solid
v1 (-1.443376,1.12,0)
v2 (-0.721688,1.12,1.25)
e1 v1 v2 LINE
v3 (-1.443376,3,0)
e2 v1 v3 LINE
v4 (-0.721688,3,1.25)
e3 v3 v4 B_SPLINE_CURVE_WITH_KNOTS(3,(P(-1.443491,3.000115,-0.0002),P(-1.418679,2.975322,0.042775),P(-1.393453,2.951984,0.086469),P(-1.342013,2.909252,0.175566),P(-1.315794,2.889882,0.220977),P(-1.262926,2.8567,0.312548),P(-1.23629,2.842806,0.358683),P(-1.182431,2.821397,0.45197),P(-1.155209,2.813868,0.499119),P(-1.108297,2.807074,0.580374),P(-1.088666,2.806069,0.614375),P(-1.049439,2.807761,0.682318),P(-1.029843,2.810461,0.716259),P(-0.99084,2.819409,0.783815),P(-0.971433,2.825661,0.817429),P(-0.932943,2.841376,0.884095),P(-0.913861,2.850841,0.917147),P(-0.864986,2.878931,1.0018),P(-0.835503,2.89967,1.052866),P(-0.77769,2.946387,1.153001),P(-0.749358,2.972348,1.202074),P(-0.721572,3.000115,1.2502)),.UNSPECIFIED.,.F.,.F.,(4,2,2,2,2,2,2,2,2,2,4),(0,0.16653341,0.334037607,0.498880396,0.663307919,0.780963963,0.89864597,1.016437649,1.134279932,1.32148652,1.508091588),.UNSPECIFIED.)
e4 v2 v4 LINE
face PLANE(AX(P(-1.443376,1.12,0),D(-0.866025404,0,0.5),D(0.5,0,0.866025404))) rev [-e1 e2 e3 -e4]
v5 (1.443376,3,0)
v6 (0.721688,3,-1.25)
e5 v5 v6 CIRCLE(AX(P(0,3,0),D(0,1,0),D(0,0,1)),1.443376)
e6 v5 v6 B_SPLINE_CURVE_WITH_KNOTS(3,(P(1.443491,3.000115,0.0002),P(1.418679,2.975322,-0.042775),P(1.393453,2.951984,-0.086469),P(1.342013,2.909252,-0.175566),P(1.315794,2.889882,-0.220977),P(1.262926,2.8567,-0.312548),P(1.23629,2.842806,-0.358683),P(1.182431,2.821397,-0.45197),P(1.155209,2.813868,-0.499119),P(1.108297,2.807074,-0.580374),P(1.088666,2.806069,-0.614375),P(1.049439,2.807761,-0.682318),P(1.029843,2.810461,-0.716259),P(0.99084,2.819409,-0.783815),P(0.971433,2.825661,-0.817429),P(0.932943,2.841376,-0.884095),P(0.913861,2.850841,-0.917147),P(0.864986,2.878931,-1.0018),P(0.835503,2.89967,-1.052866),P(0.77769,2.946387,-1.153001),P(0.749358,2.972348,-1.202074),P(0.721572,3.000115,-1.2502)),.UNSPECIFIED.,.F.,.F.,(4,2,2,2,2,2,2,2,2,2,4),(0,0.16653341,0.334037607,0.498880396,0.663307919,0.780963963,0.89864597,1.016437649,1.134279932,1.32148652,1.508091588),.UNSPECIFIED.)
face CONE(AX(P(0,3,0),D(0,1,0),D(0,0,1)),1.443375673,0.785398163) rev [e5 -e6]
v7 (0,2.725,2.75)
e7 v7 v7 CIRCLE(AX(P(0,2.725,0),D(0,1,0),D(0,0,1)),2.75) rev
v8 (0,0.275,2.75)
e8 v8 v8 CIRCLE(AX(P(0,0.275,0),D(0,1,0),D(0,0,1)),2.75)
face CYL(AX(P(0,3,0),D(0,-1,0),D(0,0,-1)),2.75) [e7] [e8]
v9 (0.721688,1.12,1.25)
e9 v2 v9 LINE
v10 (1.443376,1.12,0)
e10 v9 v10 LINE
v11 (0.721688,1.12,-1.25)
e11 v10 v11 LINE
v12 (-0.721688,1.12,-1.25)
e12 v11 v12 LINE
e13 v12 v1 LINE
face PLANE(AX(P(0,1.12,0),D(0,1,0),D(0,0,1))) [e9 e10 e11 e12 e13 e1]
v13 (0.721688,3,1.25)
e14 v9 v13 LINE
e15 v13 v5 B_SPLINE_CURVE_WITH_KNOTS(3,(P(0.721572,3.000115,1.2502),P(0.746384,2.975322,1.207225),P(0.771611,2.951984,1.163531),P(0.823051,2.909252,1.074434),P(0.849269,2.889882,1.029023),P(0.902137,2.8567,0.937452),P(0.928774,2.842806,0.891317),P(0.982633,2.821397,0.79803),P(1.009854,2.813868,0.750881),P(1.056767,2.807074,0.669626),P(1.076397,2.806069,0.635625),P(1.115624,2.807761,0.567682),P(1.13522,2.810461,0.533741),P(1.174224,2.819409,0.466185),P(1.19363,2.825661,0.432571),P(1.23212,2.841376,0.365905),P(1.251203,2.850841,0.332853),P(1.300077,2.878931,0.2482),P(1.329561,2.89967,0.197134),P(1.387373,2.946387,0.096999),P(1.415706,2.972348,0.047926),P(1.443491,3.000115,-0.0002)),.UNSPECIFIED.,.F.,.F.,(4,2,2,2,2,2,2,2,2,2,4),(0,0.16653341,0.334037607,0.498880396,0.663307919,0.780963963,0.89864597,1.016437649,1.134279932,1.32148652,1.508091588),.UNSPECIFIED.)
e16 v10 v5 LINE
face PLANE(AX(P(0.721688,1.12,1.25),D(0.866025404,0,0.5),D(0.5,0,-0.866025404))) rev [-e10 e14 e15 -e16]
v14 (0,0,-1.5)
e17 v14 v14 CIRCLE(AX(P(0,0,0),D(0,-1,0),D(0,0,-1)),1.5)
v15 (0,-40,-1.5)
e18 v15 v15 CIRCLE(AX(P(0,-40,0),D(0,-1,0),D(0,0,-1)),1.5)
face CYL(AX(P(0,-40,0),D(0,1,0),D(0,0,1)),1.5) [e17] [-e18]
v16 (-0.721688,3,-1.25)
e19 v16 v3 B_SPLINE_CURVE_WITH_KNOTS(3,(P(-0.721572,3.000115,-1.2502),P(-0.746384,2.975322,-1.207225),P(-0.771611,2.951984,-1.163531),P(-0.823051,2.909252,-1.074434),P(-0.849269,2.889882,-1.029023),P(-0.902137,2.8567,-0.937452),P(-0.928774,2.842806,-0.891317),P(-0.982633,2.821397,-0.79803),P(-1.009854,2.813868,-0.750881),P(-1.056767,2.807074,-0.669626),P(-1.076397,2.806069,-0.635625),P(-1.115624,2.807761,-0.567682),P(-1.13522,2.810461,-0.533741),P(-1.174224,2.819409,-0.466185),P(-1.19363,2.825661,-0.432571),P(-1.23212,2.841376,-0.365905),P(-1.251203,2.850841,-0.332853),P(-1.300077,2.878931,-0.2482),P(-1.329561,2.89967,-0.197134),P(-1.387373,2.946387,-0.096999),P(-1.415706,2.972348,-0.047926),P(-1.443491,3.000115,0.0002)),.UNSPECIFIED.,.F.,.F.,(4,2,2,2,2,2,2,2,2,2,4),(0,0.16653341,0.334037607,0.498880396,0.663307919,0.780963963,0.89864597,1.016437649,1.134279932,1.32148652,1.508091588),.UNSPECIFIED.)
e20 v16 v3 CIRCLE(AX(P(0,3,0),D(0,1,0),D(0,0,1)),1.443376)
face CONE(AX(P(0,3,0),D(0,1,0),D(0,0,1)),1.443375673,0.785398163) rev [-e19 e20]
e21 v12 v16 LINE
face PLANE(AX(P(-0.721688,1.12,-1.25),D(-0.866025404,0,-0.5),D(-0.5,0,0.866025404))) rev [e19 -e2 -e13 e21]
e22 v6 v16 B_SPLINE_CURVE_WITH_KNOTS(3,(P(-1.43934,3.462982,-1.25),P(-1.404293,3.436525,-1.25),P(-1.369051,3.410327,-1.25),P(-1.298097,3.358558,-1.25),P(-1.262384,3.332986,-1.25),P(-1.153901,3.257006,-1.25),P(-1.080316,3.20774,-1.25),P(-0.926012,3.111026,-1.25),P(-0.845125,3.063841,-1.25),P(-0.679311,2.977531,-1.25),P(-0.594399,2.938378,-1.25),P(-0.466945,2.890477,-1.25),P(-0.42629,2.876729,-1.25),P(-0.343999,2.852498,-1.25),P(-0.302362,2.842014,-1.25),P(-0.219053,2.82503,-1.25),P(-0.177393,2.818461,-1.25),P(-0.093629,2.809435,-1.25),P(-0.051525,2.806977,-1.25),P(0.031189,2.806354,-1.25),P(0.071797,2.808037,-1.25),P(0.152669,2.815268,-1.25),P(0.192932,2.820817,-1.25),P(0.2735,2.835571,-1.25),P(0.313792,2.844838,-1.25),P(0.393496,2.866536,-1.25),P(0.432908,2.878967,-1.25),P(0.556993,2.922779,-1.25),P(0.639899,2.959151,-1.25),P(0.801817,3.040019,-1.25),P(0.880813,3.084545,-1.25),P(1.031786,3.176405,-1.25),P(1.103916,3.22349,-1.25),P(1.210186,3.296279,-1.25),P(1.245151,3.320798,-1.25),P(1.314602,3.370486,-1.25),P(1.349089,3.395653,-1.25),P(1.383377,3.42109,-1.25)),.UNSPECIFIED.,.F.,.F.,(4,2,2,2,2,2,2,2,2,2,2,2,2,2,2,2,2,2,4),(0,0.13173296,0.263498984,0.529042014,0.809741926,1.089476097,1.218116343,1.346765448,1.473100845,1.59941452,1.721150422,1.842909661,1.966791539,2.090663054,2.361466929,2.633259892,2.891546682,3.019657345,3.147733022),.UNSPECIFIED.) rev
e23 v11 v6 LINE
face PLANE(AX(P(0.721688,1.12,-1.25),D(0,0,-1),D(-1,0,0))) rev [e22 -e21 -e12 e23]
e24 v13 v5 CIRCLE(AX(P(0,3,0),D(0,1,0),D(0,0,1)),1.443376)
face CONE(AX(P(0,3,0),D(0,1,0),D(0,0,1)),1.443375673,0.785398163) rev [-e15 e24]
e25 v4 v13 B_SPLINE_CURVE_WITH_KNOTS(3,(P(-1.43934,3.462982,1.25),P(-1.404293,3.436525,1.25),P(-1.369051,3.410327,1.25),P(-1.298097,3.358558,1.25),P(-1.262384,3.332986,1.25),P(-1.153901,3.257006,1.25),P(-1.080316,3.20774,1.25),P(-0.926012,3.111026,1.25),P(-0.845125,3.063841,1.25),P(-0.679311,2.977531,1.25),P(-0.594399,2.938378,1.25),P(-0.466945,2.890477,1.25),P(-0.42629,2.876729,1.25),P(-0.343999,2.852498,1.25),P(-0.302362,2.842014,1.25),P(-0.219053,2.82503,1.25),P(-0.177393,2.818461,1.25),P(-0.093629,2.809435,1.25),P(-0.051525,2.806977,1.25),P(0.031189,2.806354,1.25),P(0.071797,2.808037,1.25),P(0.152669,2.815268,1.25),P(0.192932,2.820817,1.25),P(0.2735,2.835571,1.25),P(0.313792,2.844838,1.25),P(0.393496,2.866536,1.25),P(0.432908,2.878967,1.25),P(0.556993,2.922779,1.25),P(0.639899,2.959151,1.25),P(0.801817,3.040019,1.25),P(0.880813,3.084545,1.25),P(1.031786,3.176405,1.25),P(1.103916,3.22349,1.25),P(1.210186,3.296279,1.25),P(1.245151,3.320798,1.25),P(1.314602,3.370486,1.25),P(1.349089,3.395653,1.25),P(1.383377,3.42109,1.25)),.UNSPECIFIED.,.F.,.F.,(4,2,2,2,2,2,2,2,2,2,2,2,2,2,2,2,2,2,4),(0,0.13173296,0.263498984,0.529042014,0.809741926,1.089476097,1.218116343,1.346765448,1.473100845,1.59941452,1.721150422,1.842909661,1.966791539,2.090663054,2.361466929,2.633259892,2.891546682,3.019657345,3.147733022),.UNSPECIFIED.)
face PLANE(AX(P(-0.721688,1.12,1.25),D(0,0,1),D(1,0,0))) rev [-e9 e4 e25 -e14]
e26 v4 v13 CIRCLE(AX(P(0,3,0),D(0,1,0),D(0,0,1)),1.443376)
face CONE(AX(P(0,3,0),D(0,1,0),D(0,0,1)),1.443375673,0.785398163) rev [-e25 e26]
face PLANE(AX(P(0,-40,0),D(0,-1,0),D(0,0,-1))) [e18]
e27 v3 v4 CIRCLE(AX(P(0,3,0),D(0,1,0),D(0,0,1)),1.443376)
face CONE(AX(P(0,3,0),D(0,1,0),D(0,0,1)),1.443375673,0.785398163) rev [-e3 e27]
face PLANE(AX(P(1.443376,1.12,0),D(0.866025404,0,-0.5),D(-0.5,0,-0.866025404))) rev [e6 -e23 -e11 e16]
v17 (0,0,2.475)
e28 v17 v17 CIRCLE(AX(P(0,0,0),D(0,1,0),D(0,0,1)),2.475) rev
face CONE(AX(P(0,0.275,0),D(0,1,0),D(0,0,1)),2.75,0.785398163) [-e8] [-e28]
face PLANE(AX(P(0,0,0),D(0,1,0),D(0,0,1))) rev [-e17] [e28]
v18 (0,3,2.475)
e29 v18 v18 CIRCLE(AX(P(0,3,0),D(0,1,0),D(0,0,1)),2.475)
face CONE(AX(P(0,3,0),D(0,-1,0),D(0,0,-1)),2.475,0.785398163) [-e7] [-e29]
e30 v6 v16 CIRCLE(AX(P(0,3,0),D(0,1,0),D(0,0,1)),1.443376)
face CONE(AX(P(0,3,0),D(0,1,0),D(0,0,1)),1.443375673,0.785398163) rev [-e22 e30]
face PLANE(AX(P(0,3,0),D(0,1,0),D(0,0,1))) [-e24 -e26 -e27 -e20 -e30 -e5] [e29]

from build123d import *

# Parameters (mm, degrees)
SKETCH1_R           = 2.75
BOSS_EXTRUDE1_DEPTH = 3
CUT_EXTRUDE1_DEPTH  = 1.88
CHAMFER1_SIZE       = 0.275
SKETCH_1_R          = 1.5
EXTRUDE_1_DEPTH     = 40


with BuildPart() as part:
    # Sketch1 → Boss-Extrude1 (new body)
    with BuildSketch(Plane(origin=(0, 0, 0), x_dir=(1, 0, 0), z_dir=(0, 1, 0))):
        with Locations(Location((0, 0, 0), (0, 0, 270))):
            Circle(SKETCH1_R)
    extrude(amount=BOSS_EXTRUDE1_DEPTH)

    # Sketch2 → Cut-Extrude1 (cut)
    with BuildSketch(Plane(origin=(0, 3, 0), x_dir=(1, 0, 0), z_dir=(0, 1, 0))):
        Polygon((0.721687836, 1.25), (-0.721687836, 1.25), (-1.443375673, 0), (-0.721687836, -1.25), (0.721687836, -1.25), (1.443375673, 0), align=None)
    extrude(amount=-CUT_EXTRUDE1_DEPTH, mode=Mode.SUBTRACT)

    # Cut-Extrude2 cone 1 section (through the dimple's axis) → Cut-Extrude2 (revolve, cut)
    with BuildSketch(Plane(origin=(0, 3, 0), x_dir=(0, 0, 1), z_dir=(1, 0, 0))):
        Polygon((0, 0), (1.443375673, 0), (0, 1.443375673), align=None)
    revolve(axis=Axis((0, 3, 0), (0, -1, 0)), mode=Mode.SUBTRACT)

    # Chamfer1
    chamfer1_edges = [part.edges().sort_by_distance(p)[0] for p in [
        (0, 0, -2.75),
        (0, 3, -2.75),
    ]]
    chamfer(chamfer1_edges, length=CHAMFER1_SIZE)

    # 草图1 → 凸台-拉伸1 (add)
    with BuildSketch(Plane(origin=(0, 0, 0), x_dir=(-1, 0, 0), z_dir=(0, -1, 0))):
        with Locations(Location((0, 0, 0), (0, 0, 90))):
            Circle(SKETCH_1_R)
    extrude(amount=EXTRUDE_1_DEPTH)


solid = part.part
